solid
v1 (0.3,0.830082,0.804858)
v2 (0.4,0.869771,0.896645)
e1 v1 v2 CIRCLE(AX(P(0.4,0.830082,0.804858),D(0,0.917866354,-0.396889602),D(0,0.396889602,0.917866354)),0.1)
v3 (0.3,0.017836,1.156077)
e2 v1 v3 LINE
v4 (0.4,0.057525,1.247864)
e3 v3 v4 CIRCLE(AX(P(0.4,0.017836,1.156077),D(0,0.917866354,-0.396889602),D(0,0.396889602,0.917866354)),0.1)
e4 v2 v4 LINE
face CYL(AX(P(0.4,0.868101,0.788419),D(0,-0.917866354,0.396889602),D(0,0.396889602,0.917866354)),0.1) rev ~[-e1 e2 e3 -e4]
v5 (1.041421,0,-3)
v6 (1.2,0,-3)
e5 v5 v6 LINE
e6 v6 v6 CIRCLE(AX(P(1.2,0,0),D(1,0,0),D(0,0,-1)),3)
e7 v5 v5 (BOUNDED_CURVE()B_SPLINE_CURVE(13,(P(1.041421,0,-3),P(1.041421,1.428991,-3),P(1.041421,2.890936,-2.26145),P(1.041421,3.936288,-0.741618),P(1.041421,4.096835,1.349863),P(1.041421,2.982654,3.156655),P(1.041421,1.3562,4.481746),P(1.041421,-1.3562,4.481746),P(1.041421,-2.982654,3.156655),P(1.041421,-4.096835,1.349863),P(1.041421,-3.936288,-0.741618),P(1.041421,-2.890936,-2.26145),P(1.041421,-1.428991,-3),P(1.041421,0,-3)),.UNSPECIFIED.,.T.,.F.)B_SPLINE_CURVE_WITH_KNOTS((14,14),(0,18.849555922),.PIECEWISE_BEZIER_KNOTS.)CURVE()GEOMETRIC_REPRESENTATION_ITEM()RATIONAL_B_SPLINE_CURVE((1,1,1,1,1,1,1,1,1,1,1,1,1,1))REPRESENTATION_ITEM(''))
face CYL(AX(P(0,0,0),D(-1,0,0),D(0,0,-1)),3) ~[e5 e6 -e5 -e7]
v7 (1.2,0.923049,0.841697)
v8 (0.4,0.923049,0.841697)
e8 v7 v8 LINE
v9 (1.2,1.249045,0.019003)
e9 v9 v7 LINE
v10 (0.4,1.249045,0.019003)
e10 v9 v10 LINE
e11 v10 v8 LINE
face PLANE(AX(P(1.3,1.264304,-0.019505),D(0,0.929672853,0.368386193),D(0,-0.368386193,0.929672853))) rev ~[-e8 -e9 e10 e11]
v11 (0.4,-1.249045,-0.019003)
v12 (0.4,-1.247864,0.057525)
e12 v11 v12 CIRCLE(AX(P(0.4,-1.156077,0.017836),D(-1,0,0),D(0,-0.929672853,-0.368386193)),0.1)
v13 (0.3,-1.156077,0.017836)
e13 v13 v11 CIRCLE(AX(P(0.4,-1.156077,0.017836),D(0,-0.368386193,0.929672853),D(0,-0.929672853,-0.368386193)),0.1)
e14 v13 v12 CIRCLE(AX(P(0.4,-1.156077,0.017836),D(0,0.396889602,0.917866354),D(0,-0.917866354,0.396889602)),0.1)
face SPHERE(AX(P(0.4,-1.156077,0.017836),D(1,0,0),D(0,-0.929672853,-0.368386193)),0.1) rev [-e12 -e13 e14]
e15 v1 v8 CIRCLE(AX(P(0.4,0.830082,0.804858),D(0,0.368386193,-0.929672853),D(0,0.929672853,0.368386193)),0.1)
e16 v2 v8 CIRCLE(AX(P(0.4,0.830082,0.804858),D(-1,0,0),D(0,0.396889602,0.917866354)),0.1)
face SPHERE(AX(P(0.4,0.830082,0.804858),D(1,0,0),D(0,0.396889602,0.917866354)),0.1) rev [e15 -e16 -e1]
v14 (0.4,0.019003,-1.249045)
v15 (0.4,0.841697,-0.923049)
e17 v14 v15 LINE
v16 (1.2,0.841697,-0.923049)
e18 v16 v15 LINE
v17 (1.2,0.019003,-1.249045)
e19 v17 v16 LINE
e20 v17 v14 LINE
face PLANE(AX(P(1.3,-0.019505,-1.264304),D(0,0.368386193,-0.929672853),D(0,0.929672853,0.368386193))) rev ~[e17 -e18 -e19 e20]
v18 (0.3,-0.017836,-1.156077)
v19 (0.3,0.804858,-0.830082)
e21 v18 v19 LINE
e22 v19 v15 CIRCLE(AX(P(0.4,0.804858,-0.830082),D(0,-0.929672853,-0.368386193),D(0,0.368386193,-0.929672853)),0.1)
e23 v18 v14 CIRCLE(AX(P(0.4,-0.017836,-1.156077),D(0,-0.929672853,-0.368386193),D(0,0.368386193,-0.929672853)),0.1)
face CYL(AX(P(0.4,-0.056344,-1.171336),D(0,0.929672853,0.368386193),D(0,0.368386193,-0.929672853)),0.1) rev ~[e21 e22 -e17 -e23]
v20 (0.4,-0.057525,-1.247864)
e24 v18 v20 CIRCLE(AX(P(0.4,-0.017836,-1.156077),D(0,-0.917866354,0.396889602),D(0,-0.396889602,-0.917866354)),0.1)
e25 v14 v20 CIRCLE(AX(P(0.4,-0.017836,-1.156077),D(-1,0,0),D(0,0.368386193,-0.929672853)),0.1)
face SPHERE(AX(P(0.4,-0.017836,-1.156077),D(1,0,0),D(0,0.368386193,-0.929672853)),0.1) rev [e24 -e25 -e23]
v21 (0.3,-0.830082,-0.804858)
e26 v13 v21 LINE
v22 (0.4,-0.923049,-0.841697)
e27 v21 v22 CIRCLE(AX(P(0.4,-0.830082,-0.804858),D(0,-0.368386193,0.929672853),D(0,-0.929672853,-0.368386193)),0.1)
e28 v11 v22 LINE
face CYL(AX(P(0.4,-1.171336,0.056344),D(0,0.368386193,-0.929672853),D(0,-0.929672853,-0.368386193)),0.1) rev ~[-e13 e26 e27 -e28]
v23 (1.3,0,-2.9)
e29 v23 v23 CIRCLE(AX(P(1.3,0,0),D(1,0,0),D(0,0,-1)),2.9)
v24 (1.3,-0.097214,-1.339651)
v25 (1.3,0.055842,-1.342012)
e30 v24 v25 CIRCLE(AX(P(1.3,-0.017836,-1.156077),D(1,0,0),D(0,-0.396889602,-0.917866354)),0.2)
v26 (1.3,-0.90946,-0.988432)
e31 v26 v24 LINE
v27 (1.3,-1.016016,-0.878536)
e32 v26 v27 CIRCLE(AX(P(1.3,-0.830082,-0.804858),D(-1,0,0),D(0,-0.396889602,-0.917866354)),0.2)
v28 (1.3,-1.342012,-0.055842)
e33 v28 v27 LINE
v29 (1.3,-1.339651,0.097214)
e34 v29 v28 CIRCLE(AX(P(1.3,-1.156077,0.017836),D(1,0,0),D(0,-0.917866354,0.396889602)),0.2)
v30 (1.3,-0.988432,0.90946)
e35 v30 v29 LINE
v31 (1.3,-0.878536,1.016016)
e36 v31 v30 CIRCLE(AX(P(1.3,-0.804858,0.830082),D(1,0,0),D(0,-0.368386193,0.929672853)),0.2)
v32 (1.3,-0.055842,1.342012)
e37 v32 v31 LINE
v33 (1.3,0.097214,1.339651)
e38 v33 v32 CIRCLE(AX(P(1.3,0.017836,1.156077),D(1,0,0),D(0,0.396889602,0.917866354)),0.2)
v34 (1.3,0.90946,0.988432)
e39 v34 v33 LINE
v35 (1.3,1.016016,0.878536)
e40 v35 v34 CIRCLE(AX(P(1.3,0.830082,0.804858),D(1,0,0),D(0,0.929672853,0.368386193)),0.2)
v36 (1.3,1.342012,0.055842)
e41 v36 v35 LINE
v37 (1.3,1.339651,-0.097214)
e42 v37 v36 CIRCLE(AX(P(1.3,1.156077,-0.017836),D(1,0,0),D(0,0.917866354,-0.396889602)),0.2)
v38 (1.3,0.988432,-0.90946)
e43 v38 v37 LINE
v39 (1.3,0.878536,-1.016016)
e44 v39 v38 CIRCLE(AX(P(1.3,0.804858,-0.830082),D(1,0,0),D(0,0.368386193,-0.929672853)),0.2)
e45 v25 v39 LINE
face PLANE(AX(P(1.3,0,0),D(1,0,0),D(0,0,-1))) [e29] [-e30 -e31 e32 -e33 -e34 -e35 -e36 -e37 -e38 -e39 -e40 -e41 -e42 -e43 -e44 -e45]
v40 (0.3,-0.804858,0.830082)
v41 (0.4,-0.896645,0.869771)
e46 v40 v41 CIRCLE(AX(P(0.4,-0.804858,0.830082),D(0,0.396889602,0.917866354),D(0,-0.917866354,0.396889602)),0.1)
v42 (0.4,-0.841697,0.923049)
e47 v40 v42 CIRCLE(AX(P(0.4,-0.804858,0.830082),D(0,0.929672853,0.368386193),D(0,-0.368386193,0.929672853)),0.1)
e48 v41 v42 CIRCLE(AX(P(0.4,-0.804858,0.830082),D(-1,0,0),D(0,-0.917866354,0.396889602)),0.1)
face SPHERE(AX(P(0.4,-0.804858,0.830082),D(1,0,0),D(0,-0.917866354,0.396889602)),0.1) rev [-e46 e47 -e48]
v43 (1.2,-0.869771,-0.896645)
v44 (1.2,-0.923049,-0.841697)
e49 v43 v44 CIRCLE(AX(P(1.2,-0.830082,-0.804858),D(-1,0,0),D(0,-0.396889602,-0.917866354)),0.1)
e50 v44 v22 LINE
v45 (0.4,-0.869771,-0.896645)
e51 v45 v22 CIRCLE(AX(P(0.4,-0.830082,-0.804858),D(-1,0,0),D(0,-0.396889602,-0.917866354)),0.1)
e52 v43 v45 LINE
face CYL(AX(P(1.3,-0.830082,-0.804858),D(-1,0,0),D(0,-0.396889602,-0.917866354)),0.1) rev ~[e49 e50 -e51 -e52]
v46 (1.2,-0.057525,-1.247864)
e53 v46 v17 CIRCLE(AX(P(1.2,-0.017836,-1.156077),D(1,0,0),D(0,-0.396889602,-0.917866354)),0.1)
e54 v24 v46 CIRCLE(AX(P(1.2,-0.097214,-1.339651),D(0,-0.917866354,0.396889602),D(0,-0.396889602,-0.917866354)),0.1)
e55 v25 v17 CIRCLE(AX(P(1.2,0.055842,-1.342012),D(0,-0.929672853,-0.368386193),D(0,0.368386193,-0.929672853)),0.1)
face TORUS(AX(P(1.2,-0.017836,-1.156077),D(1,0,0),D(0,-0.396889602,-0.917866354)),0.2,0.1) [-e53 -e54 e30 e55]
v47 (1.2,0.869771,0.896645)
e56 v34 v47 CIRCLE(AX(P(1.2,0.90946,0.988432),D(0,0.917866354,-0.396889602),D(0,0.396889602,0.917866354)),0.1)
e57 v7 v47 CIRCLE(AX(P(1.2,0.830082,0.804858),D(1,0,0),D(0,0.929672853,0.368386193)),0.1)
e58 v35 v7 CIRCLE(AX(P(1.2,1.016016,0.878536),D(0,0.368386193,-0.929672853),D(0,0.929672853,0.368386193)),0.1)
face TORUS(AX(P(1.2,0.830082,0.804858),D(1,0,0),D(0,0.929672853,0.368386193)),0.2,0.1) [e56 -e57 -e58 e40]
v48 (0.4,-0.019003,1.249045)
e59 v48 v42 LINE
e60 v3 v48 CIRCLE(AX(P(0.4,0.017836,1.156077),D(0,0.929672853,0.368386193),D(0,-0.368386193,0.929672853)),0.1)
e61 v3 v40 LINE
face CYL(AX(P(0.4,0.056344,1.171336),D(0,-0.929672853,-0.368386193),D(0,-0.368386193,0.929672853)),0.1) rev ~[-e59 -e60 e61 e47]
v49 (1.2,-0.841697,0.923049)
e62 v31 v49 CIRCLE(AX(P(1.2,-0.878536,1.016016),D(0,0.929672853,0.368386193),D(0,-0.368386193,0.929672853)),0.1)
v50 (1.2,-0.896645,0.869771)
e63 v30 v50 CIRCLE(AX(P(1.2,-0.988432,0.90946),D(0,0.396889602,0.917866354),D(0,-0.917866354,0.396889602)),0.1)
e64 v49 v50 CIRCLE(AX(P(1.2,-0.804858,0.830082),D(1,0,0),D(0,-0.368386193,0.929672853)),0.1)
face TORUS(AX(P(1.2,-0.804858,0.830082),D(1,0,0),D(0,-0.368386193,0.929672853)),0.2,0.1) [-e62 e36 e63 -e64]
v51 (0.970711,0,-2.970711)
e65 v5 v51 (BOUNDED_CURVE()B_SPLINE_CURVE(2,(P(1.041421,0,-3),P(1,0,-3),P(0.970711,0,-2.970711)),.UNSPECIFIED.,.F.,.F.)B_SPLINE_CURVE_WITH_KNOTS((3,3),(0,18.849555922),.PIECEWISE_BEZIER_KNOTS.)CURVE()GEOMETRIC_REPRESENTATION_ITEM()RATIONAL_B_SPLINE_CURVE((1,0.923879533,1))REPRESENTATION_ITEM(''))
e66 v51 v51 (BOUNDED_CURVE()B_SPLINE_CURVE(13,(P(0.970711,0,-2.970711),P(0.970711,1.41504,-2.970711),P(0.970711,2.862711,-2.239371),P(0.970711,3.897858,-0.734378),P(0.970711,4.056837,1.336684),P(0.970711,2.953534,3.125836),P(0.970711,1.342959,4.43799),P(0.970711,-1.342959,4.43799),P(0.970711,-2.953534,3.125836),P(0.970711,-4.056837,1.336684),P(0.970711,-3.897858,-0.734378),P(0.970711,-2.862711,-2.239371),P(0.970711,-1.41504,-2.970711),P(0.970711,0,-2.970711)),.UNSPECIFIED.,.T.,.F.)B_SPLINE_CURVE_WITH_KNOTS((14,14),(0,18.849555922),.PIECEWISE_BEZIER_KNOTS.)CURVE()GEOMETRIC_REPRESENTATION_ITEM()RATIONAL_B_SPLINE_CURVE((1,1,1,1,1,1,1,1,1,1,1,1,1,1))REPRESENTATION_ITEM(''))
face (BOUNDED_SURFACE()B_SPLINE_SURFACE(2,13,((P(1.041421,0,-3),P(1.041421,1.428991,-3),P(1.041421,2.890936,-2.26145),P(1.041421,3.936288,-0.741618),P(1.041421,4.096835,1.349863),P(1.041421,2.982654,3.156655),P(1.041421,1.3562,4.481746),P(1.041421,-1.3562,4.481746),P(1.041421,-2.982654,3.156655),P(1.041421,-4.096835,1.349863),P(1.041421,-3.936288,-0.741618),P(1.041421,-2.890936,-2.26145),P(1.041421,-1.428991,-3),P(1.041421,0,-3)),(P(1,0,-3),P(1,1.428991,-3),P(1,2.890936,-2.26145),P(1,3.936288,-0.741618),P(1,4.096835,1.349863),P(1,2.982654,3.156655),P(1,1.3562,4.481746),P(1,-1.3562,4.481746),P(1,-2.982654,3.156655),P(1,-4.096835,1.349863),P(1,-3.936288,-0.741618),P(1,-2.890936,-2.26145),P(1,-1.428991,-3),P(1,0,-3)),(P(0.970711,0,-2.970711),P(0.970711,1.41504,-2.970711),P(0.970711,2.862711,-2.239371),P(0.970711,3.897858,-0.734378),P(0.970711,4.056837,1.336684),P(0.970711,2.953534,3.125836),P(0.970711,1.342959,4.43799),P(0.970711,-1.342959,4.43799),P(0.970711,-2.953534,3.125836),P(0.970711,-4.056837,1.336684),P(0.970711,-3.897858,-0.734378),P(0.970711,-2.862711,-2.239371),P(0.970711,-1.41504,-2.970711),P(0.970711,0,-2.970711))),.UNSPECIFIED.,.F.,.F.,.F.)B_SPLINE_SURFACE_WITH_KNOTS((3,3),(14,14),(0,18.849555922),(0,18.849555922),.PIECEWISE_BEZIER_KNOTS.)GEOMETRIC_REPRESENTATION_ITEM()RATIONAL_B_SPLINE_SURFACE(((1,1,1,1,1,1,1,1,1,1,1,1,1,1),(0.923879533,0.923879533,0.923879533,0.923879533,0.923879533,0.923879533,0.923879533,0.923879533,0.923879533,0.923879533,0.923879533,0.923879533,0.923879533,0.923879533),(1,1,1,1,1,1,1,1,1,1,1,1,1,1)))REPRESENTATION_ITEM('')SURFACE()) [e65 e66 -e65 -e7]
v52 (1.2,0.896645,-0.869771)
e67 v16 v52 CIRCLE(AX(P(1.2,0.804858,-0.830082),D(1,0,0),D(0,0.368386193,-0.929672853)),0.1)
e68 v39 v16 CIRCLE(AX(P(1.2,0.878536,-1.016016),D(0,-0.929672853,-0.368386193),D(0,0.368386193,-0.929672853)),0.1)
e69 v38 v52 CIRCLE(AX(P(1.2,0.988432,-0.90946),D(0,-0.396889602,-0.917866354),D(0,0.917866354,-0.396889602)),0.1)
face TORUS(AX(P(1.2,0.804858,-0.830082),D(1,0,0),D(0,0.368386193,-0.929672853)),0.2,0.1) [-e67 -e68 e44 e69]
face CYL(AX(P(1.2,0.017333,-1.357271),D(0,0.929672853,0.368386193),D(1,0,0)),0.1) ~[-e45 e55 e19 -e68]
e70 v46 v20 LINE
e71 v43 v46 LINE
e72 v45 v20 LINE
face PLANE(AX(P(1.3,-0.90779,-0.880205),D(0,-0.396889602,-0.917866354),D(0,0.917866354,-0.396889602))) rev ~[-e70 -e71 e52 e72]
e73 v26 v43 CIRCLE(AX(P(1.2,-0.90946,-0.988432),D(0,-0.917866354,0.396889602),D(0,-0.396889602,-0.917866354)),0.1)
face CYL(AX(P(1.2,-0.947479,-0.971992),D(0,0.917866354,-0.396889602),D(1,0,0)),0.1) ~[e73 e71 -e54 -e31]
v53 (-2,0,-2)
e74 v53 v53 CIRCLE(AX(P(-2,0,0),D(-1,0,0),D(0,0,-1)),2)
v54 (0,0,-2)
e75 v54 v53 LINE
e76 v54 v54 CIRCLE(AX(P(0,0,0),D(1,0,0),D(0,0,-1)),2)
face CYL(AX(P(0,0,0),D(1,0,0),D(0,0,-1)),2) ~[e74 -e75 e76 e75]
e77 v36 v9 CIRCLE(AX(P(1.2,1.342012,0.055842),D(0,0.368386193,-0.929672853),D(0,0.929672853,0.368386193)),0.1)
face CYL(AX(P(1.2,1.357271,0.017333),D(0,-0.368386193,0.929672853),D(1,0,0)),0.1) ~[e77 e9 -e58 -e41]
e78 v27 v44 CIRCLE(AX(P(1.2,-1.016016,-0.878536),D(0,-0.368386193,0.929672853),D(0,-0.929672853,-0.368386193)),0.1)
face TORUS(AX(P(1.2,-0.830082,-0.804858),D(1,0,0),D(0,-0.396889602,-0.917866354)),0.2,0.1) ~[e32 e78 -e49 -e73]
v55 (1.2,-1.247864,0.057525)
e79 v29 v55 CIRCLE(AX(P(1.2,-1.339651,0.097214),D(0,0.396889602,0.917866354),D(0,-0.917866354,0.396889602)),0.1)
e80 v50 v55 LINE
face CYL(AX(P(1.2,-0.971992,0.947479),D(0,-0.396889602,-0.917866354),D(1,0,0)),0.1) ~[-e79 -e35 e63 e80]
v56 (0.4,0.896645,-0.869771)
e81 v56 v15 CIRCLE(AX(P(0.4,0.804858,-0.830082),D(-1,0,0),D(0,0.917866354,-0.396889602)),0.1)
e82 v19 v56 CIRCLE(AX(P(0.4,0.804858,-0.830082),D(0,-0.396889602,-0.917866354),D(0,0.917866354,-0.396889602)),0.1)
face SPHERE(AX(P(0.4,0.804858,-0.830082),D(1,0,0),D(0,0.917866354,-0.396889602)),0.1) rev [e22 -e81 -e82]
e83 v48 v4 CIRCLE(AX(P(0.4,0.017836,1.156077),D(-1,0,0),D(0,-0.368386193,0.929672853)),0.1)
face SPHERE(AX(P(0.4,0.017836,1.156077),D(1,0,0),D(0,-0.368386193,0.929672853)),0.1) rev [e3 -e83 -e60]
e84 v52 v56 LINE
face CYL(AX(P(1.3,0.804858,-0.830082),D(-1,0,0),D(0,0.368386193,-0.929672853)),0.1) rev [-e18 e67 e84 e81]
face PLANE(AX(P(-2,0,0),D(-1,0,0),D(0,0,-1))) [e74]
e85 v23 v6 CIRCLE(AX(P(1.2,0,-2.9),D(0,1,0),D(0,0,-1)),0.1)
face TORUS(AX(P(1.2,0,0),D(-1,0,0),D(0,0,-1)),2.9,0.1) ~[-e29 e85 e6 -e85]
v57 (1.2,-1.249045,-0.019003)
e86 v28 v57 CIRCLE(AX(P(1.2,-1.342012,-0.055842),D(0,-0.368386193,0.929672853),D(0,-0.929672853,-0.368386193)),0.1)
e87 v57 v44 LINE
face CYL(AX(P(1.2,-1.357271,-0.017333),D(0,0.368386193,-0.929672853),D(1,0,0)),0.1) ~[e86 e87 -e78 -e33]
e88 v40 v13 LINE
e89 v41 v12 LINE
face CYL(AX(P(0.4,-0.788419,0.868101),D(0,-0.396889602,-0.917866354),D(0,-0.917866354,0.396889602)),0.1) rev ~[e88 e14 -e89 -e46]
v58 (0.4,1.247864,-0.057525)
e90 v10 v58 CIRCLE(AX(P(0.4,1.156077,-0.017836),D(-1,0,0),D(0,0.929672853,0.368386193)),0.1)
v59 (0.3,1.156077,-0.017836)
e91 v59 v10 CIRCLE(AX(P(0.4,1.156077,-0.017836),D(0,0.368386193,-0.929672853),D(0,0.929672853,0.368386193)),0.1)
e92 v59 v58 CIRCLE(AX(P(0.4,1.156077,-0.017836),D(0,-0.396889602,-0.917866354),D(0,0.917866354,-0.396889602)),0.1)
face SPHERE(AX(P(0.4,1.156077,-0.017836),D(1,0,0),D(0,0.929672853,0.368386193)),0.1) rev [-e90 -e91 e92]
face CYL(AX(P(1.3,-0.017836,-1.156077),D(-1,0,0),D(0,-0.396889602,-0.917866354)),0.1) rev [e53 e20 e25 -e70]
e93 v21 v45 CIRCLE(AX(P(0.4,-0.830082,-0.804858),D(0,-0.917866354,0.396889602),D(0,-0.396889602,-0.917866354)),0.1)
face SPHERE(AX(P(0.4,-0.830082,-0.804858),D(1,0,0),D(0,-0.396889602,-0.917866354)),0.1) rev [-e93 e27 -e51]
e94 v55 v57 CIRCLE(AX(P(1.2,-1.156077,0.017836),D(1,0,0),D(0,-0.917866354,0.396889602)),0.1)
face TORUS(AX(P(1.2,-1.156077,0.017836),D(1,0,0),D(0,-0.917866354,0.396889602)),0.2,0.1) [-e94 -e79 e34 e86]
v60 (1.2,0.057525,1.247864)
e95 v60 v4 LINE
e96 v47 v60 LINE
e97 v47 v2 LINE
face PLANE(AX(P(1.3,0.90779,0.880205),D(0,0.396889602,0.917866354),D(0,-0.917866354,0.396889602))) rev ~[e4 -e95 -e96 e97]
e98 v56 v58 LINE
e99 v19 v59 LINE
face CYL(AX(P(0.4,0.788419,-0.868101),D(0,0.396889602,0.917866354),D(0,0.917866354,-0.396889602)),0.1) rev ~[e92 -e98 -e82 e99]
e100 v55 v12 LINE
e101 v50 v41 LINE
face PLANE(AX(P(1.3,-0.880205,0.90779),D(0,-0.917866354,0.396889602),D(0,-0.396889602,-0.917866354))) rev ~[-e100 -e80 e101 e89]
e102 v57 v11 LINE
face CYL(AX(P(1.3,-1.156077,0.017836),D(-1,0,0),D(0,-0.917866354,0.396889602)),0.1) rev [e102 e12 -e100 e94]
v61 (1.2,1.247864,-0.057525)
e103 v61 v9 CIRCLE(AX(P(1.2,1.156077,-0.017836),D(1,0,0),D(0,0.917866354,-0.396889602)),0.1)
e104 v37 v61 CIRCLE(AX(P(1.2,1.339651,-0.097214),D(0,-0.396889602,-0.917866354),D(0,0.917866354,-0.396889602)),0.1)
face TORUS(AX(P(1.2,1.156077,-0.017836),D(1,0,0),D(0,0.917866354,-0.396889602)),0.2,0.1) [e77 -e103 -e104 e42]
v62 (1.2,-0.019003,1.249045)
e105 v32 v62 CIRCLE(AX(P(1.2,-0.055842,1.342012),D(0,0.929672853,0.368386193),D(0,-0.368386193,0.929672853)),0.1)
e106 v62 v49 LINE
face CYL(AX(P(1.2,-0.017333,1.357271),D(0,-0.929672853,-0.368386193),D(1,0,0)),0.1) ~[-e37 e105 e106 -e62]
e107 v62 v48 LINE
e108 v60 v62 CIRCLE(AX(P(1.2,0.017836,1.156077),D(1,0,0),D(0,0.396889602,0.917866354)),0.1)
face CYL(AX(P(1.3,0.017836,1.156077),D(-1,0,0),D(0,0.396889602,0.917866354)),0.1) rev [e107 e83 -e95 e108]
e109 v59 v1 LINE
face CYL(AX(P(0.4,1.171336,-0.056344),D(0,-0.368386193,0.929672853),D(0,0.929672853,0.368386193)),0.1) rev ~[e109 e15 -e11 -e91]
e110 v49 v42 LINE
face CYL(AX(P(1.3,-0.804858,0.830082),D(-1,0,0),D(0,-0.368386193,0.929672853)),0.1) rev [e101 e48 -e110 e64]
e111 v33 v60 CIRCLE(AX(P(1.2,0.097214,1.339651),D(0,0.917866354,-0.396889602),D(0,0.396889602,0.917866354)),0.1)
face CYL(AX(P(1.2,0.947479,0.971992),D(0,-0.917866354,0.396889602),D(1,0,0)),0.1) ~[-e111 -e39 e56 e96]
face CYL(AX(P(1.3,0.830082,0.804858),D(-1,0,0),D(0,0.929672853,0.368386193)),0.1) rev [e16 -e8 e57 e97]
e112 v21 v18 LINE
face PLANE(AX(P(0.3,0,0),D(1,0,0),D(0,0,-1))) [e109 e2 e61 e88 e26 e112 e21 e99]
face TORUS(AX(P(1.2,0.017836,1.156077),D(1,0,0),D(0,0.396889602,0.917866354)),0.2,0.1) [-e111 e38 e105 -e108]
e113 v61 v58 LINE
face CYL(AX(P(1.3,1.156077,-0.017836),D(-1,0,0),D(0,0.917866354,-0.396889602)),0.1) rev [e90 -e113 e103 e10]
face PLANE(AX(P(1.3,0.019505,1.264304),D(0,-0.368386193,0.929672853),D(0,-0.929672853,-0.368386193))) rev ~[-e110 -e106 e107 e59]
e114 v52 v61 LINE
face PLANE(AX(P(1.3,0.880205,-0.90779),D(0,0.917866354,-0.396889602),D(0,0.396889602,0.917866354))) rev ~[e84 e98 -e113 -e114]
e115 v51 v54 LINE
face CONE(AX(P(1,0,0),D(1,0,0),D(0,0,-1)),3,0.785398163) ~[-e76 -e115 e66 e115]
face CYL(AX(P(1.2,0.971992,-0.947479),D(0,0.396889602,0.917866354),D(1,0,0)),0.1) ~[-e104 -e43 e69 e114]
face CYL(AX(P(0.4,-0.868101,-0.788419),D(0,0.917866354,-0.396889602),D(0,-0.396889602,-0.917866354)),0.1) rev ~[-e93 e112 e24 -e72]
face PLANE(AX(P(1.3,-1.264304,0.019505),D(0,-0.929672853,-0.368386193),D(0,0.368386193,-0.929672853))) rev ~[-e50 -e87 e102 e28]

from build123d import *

# Parameters (mm, degrees)
SKETCH1_R           = 3
BOSS_EXTRUDE1_DEPTH = 1.3
CHAMFER1_SIZE       = 1
SKETCH2_R           = 2
BOSS_EXTRUDE2_DEPTH = 2
CUT_EXTRUDE3_DEPTH  = 1
FILLET1_R           = 0.1
FILLET2_R           = 0.1


with BuildPart() as part:
    # Sketch1 → Boss-Extrude1 (new body)
    with BuildSketch(Plane(origin=(0, 0, 0), x_dir=(0, 0, -1), z_dir=(1, 0, 0))):
        Circle(SKETCH1_R)
    extrude(amount=BOSS_EXTRUDE1_DEPTH)

    # Chamfer1
    chamfer1_edges = [part.edges().sort_by_distance(p)[0] for p in [
        (0, 0, 3),
    ]]
    chamfer(chamfer1_edges, length=CHAMFER1_SIZE)

    # Sketch2 → Boss-Extrude2 (add)
    with BuildSketch(Plane.ZY):
        with Locations(Location((0, 0, 0), (0, 0, 180))):
            Circle(SKETCH2_R)
    extrude(amount=BOSS_EXTRUDE2_DEPTH)

    # Sketch4 → Cut-Extrude3 (cut)
    with BuildSketch(Plane(origin=(1.3, 0, 0), x_dir=(0, 0, -1), z_dir=(1, 0, 0))):
        Polygon((0.880205355, -0.907790138), (1.264303737, -0.019505387), (0.907790138, 0.880205355), (0.019505387, 1.264303737), (-0.880205355, 0.907790138), (-1.264303737, 0.019505387), (-0.907790138, -0.880205355), (-0.019505387, -1.264303737), align=None)
    extrude(amount=-CUT_EXTRUDE3_DEPTH, mode=Mode.SUBTRACT)

    # Fillet1
    fillet1_edges = [part.edges().sort_by_distance(p)[0] for p in [
        (0.3, -0.463647763, -1.072254546),
        (0.8, -0.019505387, -1.264303737),
        (0.3, -1.086046938, -0.430349984),
        (0.8, -0.907790138, -0.880205355),
        (0.3, -1.072254546, 0.463647763),
        (0.8, -1.264303737, 0.019505387),
        (0.3, -0.430349984, 1.086046938),
        (0.8, -0.880205355, 0.907790138),
        (0.3, 0.463647763, 1.072254546),
        (0.8, 0.019505387, 1.264303737),
        (0.3, 1.086046938, 0.430349984),
        (0.8, 0.907790138, 0.880205355),
        (0.3, 1.072254546, -0.463647763),
        (0.8, 1.264303737, -0.019505387),
        (0.3, 0.430349984, -1.086046938),
        (0.8, 0.880205355, -0.907790138),
        (1.3, -0.463647763, -1.072254546),
        (1.3, 0.430349984, -1.086046938),
        (1.3, 1.072254546, -0.463647763),
        (1.3, 1.086046938, 0.430349984),
        (1.3, 0.463647763, 1.072254546),
        (1.3, -0.430349984, 1.086046938),
        (1.3, -1.072254546, 0.463647763),
        (1.3, -1.086046938, -0.430349984),
    ]]
    fillet(fillet1_edges, radius=FILLET1_R)

    # Fillet2
    fillet2_edges = [part.edges().sort_by_distance(p)[0] for p in [
        (1.3, 0, 3),
        (1, 0, 3),
    ]]
    fillet(fillet2_edges, radius=FILLET2_R)


solid = part.part
